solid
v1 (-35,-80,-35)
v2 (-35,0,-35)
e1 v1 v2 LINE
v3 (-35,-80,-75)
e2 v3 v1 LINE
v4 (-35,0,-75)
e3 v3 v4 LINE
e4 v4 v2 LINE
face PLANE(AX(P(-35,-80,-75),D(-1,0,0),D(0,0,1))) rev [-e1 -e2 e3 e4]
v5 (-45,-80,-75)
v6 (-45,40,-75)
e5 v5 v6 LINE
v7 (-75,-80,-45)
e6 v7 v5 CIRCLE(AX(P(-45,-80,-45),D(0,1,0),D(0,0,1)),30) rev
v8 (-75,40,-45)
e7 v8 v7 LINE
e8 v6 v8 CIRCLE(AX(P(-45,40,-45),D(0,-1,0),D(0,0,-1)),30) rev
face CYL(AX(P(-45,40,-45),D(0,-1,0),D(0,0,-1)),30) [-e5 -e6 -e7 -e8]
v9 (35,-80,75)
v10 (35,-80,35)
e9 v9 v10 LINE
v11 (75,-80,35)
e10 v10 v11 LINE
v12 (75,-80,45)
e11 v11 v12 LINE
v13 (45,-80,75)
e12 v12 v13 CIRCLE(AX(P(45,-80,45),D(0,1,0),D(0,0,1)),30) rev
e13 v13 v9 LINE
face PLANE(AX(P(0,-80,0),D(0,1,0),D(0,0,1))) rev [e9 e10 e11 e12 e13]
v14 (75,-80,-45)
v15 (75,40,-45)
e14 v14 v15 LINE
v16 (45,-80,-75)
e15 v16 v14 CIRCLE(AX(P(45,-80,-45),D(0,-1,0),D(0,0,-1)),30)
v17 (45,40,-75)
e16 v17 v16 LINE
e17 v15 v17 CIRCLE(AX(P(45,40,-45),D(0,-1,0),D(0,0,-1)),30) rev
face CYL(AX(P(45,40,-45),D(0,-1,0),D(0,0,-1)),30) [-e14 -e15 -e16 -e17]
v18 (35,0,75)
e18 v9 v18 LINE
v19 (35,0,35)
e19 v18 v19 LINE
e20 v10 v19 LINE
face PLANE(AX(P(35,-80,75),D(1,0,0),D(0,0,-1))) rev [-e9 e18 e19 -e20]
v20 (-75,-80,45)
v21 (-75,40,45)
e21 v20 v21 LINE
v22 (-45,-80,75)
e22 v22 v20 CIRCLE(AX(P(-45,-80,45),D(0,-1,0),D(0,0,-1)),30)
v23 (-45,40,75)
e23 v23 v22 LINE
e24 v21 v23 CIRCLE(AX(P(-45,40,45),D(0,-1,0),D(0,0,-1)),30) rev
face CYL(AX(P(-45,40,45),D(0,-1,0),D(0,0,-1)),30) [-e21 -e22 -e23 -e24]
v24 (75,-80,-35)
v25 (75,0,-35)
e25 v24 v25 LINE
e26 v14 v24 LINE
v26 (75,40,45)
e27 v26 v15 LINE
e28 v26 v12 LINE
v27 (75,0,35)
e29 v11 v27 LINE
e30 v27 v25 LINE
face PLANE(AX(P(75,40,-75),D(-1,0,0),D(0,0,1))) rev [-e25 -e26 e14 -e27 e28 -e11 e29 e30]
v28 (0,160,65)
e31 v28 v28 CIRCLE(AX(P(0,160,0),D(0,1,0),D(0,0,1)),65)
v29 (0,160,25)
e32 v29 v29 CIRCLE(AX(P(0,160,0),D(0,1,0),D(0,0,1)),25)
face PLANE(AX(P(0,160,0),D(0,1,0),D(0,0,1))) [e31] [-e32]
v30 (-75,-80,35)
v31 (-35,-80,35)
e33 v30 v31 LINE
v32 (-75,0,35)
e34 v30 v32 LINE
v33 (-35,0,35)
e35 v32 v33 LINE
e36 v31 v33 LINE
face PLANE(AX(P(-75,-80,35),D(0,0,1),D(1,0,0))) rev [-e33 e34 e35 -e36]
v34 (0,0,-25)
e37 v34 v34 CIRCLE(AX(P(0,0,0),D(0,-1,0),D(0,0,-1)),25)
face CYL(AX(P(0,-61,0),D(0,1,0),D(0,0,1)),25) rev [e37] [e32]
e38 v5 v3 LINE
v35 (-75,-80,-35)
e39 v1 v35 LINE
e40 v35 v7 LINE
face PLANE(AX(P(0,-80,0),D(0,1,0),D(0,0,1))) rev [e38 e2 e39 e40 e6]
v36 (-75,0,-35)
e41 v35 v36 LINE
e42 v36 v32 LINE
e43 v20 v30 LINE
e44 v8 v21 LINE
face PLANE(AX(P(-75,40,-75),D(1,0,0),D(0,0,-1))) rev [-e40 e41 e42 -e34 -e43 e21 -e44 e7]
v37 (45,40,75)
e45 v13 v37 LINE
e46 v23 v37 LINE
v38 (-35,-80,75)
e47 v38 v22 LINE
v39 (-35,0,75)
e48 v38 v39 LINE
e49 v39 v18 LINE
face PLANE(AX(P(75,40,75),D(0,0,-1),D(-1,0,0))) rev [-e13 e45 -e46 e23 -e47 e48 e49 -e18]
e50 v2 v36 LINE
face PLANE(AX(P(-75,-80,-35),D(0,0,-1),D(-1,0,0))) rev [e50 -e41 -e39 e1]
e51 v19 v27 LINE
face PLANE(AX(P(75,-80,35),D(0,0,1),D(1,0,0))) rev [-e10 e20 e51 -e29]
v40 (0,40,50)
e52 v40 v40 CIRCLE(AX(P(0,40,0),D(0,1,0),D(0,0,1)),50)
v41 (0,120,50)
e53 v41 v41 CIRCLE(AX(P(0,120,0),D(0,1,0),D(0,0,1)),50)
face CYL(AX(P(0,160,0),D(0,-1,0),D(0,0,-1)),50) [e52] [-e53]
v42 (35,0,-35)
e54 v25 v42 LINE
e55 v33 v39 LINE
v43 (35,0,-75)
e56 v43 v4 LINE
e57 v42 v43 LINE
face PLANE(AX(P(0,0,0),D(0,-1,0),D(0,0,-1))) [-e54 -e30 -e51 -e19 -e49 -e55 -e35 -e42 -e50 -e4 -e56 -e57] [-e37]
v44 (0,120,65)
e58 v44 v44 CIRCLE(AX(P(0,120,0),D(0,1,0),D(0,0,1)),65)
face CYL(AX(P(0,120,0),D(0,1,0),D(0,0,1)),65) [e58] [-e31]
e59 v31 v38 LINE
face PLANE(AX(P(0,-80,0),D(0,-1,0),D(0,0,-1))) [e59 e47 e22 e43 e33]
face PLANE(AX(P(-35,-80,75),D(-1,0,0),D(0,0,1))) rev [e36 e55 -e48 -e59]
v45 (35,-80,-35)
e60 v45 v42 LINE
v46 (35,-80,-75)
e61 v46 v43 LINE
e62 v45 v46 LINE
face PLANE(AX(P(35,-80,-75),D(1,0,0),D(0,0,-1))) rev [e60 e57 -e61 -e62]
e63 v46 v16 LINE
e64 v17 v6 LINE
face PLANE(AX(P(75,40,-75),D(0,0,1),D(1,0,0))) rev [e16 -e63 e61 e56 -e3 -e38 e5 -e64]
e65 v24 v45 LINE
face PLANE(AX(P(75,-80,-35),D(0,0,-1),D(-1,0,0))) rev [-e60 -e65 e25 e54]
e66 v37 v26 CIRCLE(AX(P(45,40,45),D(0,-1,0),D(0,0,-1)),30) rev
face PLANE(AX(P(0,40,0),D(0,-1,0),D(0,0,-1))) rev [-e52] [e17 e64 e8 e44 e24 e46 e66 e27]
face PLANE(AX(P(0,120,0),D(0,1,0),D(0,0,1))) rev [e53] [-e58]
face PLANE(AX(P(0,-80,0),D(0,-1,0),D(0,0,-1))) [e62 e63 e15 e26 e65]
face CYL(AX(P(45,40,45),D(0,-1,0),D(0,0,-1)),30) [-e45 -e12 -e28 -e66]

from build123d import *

# Parameters (mm, degrees)
CROQUIS2_W              = 150
CROQUIS2_H              = 150
SALIENTE_EXTRUIR2_DEPTH = 40
CROQUIS3_W              = 40
CROQUIS3_H              = 40
SALIENTE_EXTRUIR3_DEPTH = 80
CROQUIS4_R              = 50
SALIENTE_EXTRUIR4_DEPTH = 120
CROQUIS5_R              = 25
CORTAR_EXTRUIR1_DEPTH   = 221
REDONDEO1_R             = 30
CROQUIS6_R              = 65
SALIENTE_EXTRUIR5_DEPTH = 40
CROQUIS7_R              = 25
CORTAR_EXTRUIR2_DEPTH   = 125


with BuildPart() as part:
    # Croquis2 → Saliente-Extruir2 (new body)
    with BuildSketch(Plane(origin=(0, 0, 0), x_dir=(1, 0, 0), z_dir=(0, 1, 0))):
        Rectangle(CROQUIS2_W, CROQUIS2_H)
    extrude(amount=SALIENTE_EXTRUIR2_DEPTH)

    # Croquis3 → Saliente-Extruir3 (add)
    with BuildSketch(Plane.XZ):
        with Locations((-55, 55)):
            Rectangle(CROQUIS3_W, CROQUIS3_H)
        with Locations((55, 55)):
            Rectangle(CROQUIS3_W, CROQUIS3_H)
        with Locations((-55, -55)):
            Rectangle(CROQUIS3_W, CROQUIS3_H)
        with Locations((55, -55)):
            Rectangle(CROQUIS3_W, CROQUIS3_H)
    extrude(amount=SALIENTE_EXTRUIR3_DEPTH)

    # Croquis4 → Saliente-Extruir4 (add)
    with BuildSketch(Plane(origin=(0, 40, 0), x_dir=(1, 0, 0), z_dir=(0, 1, 0))):
        with Locations(Location((0, 0, 0), (0, 0, 270))):
            Circle(CROQUIS4_R)
    extrude(amount=SALIENTE_EXTRUIR4_DEPTH)

    # Croquis5 → Cortar-Extruir1 (cut)
    with BuildSketch(Plane(origin=(0, 160, 0), x_dir=(1, 0, 0), z_dir=(0, 1, 0))):
        with Locations(Location((0, 0, 0), (0, 0, 270))):
            Circle(CROQUIS5_R)
    extrude(amount=-CORTAR_EXTRUIR1_DEPTH, mode=Mode.SUBTRACT)

    # Redondeo1
    redondeo1_edges = [part.edges().sort_by_distance(p)[0] for p in [
        (-75, -20, -75),
        (75, -20, -75),
        (75, -20, 75),
        (-75, -20, 75),
    ]]
    fillet(redondeo1_edges, radius=REDONDEO1_R)

    # Croquis6 → Saliente-Extruir5 (add)
    with BuildSketch(Plane(origin=(0, 160, 0), x_dir=(1, 0, 0), z_dir=(0, 1, 0))):
        with Locations(Location((0, 0, 0), (0, 0, 270))):
            Circle(CROQUIS6_R)
    extrude(amount=-SALIENTE_EXTRUIR5_DEPTH)

    # Croquis7 → Cortar-Extruir2 (cut)
    with BuildSketch(Plane(origin=(0, 160, 0), x_dir=(1, 0, 0), z_dir=(0, 1, 0))):
        with Locations(Location((0, 0, 0), (0, 0, 270))):
            Circle(CROQUIS7_R)
    extrude(amount=-CORTAR_EXTRUIR2_DEPTH, mode=Mode.SUBTRACT)


solid = part.part
